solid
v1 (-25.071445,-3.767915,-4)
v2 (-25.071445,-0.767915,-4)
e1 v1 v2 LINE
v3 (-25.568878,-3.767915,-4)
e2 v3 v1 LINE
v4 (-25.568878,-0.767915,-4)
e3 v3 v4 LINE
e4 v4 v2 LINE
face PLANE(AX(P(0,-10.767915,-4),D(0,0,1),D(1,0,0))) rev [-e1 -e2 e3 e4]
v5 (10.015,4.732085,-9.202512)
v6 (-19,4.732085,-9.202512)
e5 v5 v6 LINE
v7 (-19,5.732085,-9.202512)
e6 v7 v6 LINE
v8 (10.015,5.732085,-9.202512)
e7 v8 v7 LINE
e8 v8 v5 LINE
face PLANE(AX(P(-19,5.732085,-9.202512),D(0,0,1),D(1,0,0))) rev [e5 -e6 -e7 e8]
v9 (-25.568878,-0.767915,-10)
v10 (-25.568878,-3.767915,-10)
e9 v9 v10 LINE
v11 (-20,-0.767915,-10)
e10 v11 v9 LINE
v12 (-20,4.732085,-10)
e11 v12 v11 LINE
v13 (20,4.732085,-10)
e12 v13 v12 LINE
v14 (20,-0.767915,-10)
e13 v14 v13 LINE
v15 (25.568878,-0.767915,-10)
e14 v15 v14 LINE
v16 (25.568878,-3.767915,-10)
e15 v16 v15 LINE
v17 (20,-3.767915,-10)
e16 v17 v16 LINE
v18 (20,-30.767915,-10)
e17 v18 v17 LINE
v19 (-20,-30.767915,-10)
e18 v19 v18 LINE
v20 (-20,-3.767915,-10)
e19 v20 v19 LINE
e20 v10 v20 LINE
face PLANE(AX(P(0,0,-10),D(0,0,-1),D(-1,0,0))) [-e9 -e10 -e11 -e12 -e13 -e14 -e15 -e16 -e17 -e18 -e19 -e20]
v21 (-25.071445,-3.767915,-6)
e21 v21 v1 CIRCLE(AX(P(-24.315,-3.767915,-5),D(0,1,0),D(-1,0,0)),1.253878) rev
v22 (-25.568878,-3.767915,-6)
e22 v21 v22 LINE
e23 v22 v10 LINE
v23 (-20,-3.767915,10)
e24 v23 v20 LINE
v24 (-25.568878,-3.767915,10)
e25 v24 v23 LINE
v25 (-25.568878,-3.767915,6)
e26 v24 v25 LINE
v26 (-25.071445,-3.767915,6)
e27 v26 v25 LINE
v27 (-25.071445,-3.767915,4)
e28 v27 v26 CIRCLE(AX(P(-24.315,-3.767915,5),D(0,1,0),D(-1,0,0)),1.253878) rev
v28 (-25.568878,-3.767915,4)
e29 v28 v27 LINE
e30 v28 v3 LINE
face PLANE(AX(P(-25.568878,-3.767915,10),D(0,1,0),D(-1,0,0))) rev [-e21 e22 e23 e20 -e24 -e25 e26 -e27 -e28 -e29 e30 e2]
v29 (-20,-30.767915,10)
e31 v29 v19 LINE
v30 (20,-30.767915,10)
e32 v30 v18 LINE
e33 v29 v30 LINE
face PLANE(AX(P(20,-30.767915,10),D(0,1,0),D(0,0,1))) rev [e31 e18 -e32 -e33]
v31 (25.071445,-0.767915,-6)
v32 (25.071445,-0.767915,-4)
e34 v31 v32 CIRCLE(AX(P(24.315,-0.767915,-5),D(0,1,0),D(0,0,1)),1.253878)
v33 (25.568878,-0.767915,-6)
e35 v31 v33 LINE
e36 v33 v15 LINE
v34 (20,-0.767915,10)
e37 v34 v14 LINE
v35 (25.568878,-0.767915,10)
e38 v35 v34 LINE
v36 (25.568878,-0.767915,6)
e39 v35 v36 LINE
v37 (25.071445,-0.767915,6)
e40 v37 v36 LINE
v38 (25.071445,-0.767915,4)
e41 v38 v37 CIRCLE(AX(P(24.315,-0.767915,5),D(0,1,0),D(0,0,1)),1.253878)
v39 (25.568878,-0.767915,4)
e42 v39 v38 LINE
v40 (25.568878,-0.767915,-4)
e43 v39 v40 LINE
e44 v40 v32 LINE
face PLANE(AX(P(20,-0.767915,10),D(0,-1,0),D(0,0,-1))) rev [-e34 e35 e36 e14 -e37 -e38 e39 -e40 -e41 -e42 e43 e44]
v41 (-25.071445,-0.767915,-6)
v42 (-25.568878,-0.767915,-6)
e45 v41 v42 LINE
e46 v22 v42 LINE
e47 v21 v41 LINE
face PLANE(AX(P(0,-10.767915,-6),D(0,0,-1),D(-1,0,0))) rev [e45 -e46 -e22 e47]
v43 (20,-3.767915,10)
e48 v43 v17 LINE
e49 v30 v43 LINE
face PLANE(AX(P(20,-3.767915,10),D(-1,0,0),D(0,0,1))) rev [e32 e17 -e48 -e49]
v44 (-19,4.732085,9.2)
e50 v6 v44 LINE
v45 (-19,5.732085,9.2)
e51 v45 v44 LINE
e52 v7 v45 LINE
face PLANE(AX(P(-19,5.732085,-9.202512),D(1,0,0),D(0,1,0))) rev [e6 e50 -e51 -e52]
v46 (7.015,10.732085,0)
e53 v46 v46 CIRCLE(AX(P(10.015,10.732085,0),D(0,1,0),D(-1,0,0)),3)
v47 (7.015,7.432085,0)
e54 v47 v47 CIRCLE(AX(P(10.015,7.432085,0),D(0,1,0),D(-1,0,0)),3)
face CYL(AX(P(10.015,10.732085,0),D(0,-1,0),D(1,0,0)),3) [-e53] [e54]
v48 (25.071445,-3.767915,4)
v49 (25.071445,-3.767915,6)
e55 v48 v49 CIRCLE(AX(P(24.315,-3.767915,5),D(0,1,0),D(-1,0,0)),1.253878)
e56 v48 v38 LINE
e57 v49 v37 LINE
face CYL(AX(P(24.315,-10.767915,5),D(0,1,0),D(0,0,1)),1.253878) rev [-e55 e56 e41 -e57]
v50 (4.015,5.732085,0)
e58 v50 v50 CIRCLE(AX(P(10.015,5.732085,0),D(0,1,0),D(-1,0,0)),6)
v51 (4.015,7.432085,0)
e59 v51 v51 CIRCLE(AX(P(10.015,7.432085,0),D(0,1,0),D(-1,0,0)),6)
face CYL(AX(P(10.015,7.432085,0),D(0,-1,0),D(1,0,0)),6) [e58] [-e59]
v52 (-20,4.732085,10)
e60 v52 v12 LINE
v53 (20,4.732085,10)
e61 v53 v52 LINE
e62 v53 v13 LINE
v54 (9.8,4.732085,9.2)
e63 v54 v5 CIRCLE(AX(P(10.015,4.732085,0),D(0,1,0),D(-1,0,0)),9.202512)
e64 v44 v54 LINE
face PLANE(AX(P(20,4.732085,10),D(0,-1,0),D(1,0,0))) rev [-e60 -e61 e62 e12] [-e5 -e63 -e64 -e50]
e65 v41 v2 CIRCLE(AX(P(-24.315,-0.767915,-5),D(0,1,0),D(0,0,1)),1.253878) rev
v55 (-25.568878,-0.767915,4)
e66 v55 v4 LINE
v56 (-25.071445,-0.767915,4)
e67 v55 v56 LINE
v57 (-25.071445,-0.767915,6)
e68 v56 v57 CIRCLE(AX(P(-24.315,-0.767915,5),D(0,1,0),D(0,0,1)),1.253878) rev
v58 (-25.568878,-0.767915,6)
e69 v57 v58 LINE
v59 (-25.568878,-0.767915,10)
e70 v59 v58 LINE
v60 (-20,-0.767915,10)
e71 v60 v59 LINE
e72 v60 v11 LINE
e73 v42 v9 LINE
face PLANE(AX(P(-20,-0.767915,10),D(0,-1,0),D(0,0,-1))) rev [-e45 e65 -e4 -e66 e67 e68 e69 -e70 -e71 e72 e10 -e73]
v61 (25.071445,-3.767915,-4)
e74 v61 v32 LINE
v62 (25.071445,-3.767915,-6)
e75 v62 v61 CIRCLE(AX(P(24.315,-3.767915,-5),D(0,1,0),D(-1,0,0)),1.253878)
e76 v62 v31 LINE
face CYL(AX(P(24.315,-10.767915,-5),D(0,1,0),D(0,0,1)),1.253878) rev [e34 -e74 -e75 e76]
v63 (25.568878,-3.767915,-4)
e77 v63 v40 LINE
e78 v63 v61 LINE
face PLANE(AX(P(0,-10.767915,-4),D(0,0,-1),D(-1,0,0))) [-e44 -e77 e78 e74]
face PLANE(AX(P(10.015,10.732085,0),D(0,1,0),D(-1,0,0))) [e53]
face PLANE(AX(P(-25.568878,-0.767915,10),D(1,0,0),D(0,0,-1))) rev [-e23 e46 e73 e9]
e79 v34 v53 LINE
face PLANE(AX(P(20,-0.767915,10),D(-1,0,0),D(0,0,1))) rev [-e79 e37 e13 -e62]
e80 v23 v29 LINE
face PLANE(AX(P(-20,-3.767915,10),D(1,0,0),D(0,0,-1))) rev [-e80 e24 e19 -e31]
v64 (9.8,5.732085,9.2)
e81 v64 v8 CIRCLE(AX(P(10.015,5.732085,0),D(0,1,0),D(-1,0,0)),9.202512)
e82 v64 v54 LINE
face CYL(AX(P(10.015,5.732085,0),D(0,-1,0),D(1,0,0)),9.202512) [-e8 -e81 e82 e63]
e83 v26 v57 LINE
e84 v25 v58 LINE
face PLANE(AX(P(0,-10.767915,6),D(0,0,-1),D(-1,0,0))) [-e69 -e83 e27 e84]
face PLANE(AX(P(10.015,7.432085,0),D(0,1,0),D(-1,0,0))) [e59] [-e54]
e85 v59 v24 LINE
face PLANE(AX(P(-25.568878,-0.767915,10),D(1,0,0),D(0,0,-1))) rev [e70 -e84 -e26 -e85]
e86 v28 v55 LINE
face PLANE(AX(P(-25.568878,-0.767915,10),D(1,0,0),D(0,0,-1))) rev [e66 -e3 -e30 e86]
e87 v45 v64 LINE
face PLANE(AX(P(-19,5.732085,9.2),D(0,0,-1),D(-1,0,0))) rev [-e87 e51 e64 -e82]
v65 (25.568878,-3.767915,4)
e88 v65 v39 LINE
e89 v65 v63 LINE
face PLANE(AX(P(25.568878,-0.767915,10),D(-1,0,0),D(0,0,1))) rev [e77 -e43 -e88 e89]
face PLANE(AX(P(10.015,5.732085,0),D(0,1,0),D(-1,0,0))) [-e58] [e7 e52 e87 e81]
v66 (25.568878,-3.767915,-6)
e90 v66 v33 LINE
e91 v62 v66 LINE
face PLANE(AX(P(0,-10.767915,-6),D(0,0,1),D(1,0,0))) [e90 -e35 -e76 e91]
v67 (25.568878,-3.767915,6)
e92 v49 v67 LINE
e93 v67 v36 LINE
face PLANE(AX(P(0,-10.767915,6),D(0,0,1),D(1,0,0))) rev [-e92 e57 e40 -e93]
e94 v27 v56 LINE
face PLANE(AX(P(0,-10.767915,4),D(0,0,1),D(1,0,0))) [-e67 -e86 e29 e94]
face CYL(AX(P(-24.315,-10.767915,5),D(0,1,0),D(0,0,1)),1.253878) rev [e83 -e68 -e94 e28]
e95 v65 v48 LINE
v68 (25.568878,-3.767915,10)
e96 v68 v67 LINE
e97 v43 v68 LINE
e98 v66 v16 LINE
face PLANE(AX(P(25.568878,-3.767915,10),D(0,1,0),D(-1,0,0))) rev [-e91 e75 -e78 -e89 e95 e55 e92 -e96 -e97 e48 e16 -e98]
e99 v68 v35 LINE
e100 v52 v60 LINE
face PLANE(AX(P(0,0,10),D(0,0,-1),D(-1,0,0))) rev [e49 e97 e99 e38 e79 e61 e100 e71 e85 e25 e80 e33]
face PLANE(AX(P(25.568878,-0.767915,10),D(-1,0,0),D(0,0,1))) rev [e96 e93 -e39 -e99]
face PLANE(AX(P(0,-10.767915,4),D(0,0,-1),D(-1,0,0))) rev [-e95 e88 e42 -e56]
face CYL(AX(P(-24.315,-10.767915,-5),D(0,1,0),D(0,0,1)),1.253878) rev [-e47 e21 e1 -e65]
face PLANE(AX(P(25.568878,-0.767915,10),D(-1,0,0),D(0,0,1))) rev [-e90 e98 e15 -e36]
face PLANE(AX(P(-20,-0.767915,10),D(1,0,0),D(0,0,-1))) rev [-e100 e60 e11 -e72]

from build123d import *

# Parameters (mm, degrees)
RESSALTO_EXTRUS_O1_DEPTH = 10
CORTE_EXTRUS_O1_DEPTH    = 10
RESSALTO_EXTRUS_O2_DEPTH = 1
ESBO_O4_R                = 3
RESSALTO_EXTRUS_O3_DEPTH = 5
ESBO_O5_R                = 6
RESSALTO_EXTRUS_O4_DEPTH = 1.7


with BuildPart() as part:
    # Esboço1 → Ressalto-extrusão1 (new, symmetric)
    with BuildSketch(Plane.XY):
        Polygon((20, -0.767915455), (25.568877633, -0.767915455), (25.568877633, -3.767915455), (20, -3.767915455), (20, -30.767915455), (-20, -30.767915455), (-20, -3.767915455), (-25.568877633, -3.767915455), (-25.568877633, -0.767915455), (-20, -0.767915455), (-20, 4.732084545), (20, 4.732084545), align=None)
    extrude(amount=RESSALTO_EXTRUS_O1_DEPTH, both=True)

    # Esboço6 → Corte-extrusão1 (cut)
    with BuildSketch(Plane(origin=(0, -0.767915455, 0), x_dir=(1, 0, 0), z_dir=(0, 1, 0))):
        with BuildLine():
            Line((25.071445053, 4), (25.568877633, 4))
            Line((25.568877633, 4), (25.568877633, 6))
            Line((25.568877633, 6), (25.071445053, 6))
            ThreePointArc((25.071445053, 6), (23.061122367, 5), (25.071445053, 4))
        make_face()
        with BuildLine():
            Line((25.568877633, -6), (25.568877633, -4))
            Line((25.568877633, -4), (25.071445053, -4))
            ThreePointArc((25.071445053, -4), (23.061122367, -5), (25.071445053, -6))
            Line((25.071445053, -6), (25.568877633, -6))
        make_face()
        with BuildLine():
            ThreePointArc((-25.071445053, 6), (-23.061122367, 5), (-25.071445053, 4))
            Line((-25.071445053, 4), (-25.568877633, 4))
            Line((-25.568877633, 4), (-25.568877633, 6))
            Line((-25.568877633, 6), (-25.071445053, 6))
        make_face()
        with BuildLine():
            ThreePointArc((-25.071445053, -4), (-23.061122367, -5), (-25.071445053, -6))
            Line((-25.071445053, -6), (-25.568877633, -6))
            Line((-25.568877633, -6), (-25.568877633, -4))
            Line((-25.568877633, -4), (-25.071445053, -4))
        make_face()
    extrude(amount=-CORTE_EXTRUS_O1_DEPTH, mode=Mode.SUBTRACT)

    # Esboço3 → Ressalto-extrusão2 (add)
    with BuildSketch(Plane(origin=(0, 4.732084545, 0), x_dir=(1, 0, 0), z_dir=(0, 1, 0))):
        with BuildLine():
            Line((-19, 9.202511885), (10.015, 9.202511885))
            ThreePointArc((10.015, 9.202511885), (19.216883893, -0.107507336), (9.8, -9.2))
            Line((9.8, -9.2), (-19, -9.2))
            Line((-19, -9.2), (-19, 9.202511885))
        make_face()
    extrude(amount=RESSALTO_EXTRUS_O2_DEPTH)

    # Esboço4 → Ressalto-extrusão3 (add)
    with BuildSketch(Plane(origin=(0, 5.732084545, 0), x_dir=(1, 0, 0), z_dir=(0, 1, 0))):
        with Locations(Location((10.015, 0, 0), (0, 0, 180))):
            Circle(ESBO_O4_R)
    extrude(amount=RESSALTO_EXTRUS_O3_DEPTH)

    # Esboço5 → Ressalto-extrusão4 (add)
    with BuildSketch(Plane(origin=(0, 5.732084545, 0), x_dir=(1, 0, 0), z_dir=(0, 1, 0))):
        with Locations(Location((10.015, 0, 0), (0, 0, 180))):
            Circle(ESBO_O5_R)
    extrude(amount=RESSALTO_EXTRUS_O4_DEPTH)


solid = part.part
